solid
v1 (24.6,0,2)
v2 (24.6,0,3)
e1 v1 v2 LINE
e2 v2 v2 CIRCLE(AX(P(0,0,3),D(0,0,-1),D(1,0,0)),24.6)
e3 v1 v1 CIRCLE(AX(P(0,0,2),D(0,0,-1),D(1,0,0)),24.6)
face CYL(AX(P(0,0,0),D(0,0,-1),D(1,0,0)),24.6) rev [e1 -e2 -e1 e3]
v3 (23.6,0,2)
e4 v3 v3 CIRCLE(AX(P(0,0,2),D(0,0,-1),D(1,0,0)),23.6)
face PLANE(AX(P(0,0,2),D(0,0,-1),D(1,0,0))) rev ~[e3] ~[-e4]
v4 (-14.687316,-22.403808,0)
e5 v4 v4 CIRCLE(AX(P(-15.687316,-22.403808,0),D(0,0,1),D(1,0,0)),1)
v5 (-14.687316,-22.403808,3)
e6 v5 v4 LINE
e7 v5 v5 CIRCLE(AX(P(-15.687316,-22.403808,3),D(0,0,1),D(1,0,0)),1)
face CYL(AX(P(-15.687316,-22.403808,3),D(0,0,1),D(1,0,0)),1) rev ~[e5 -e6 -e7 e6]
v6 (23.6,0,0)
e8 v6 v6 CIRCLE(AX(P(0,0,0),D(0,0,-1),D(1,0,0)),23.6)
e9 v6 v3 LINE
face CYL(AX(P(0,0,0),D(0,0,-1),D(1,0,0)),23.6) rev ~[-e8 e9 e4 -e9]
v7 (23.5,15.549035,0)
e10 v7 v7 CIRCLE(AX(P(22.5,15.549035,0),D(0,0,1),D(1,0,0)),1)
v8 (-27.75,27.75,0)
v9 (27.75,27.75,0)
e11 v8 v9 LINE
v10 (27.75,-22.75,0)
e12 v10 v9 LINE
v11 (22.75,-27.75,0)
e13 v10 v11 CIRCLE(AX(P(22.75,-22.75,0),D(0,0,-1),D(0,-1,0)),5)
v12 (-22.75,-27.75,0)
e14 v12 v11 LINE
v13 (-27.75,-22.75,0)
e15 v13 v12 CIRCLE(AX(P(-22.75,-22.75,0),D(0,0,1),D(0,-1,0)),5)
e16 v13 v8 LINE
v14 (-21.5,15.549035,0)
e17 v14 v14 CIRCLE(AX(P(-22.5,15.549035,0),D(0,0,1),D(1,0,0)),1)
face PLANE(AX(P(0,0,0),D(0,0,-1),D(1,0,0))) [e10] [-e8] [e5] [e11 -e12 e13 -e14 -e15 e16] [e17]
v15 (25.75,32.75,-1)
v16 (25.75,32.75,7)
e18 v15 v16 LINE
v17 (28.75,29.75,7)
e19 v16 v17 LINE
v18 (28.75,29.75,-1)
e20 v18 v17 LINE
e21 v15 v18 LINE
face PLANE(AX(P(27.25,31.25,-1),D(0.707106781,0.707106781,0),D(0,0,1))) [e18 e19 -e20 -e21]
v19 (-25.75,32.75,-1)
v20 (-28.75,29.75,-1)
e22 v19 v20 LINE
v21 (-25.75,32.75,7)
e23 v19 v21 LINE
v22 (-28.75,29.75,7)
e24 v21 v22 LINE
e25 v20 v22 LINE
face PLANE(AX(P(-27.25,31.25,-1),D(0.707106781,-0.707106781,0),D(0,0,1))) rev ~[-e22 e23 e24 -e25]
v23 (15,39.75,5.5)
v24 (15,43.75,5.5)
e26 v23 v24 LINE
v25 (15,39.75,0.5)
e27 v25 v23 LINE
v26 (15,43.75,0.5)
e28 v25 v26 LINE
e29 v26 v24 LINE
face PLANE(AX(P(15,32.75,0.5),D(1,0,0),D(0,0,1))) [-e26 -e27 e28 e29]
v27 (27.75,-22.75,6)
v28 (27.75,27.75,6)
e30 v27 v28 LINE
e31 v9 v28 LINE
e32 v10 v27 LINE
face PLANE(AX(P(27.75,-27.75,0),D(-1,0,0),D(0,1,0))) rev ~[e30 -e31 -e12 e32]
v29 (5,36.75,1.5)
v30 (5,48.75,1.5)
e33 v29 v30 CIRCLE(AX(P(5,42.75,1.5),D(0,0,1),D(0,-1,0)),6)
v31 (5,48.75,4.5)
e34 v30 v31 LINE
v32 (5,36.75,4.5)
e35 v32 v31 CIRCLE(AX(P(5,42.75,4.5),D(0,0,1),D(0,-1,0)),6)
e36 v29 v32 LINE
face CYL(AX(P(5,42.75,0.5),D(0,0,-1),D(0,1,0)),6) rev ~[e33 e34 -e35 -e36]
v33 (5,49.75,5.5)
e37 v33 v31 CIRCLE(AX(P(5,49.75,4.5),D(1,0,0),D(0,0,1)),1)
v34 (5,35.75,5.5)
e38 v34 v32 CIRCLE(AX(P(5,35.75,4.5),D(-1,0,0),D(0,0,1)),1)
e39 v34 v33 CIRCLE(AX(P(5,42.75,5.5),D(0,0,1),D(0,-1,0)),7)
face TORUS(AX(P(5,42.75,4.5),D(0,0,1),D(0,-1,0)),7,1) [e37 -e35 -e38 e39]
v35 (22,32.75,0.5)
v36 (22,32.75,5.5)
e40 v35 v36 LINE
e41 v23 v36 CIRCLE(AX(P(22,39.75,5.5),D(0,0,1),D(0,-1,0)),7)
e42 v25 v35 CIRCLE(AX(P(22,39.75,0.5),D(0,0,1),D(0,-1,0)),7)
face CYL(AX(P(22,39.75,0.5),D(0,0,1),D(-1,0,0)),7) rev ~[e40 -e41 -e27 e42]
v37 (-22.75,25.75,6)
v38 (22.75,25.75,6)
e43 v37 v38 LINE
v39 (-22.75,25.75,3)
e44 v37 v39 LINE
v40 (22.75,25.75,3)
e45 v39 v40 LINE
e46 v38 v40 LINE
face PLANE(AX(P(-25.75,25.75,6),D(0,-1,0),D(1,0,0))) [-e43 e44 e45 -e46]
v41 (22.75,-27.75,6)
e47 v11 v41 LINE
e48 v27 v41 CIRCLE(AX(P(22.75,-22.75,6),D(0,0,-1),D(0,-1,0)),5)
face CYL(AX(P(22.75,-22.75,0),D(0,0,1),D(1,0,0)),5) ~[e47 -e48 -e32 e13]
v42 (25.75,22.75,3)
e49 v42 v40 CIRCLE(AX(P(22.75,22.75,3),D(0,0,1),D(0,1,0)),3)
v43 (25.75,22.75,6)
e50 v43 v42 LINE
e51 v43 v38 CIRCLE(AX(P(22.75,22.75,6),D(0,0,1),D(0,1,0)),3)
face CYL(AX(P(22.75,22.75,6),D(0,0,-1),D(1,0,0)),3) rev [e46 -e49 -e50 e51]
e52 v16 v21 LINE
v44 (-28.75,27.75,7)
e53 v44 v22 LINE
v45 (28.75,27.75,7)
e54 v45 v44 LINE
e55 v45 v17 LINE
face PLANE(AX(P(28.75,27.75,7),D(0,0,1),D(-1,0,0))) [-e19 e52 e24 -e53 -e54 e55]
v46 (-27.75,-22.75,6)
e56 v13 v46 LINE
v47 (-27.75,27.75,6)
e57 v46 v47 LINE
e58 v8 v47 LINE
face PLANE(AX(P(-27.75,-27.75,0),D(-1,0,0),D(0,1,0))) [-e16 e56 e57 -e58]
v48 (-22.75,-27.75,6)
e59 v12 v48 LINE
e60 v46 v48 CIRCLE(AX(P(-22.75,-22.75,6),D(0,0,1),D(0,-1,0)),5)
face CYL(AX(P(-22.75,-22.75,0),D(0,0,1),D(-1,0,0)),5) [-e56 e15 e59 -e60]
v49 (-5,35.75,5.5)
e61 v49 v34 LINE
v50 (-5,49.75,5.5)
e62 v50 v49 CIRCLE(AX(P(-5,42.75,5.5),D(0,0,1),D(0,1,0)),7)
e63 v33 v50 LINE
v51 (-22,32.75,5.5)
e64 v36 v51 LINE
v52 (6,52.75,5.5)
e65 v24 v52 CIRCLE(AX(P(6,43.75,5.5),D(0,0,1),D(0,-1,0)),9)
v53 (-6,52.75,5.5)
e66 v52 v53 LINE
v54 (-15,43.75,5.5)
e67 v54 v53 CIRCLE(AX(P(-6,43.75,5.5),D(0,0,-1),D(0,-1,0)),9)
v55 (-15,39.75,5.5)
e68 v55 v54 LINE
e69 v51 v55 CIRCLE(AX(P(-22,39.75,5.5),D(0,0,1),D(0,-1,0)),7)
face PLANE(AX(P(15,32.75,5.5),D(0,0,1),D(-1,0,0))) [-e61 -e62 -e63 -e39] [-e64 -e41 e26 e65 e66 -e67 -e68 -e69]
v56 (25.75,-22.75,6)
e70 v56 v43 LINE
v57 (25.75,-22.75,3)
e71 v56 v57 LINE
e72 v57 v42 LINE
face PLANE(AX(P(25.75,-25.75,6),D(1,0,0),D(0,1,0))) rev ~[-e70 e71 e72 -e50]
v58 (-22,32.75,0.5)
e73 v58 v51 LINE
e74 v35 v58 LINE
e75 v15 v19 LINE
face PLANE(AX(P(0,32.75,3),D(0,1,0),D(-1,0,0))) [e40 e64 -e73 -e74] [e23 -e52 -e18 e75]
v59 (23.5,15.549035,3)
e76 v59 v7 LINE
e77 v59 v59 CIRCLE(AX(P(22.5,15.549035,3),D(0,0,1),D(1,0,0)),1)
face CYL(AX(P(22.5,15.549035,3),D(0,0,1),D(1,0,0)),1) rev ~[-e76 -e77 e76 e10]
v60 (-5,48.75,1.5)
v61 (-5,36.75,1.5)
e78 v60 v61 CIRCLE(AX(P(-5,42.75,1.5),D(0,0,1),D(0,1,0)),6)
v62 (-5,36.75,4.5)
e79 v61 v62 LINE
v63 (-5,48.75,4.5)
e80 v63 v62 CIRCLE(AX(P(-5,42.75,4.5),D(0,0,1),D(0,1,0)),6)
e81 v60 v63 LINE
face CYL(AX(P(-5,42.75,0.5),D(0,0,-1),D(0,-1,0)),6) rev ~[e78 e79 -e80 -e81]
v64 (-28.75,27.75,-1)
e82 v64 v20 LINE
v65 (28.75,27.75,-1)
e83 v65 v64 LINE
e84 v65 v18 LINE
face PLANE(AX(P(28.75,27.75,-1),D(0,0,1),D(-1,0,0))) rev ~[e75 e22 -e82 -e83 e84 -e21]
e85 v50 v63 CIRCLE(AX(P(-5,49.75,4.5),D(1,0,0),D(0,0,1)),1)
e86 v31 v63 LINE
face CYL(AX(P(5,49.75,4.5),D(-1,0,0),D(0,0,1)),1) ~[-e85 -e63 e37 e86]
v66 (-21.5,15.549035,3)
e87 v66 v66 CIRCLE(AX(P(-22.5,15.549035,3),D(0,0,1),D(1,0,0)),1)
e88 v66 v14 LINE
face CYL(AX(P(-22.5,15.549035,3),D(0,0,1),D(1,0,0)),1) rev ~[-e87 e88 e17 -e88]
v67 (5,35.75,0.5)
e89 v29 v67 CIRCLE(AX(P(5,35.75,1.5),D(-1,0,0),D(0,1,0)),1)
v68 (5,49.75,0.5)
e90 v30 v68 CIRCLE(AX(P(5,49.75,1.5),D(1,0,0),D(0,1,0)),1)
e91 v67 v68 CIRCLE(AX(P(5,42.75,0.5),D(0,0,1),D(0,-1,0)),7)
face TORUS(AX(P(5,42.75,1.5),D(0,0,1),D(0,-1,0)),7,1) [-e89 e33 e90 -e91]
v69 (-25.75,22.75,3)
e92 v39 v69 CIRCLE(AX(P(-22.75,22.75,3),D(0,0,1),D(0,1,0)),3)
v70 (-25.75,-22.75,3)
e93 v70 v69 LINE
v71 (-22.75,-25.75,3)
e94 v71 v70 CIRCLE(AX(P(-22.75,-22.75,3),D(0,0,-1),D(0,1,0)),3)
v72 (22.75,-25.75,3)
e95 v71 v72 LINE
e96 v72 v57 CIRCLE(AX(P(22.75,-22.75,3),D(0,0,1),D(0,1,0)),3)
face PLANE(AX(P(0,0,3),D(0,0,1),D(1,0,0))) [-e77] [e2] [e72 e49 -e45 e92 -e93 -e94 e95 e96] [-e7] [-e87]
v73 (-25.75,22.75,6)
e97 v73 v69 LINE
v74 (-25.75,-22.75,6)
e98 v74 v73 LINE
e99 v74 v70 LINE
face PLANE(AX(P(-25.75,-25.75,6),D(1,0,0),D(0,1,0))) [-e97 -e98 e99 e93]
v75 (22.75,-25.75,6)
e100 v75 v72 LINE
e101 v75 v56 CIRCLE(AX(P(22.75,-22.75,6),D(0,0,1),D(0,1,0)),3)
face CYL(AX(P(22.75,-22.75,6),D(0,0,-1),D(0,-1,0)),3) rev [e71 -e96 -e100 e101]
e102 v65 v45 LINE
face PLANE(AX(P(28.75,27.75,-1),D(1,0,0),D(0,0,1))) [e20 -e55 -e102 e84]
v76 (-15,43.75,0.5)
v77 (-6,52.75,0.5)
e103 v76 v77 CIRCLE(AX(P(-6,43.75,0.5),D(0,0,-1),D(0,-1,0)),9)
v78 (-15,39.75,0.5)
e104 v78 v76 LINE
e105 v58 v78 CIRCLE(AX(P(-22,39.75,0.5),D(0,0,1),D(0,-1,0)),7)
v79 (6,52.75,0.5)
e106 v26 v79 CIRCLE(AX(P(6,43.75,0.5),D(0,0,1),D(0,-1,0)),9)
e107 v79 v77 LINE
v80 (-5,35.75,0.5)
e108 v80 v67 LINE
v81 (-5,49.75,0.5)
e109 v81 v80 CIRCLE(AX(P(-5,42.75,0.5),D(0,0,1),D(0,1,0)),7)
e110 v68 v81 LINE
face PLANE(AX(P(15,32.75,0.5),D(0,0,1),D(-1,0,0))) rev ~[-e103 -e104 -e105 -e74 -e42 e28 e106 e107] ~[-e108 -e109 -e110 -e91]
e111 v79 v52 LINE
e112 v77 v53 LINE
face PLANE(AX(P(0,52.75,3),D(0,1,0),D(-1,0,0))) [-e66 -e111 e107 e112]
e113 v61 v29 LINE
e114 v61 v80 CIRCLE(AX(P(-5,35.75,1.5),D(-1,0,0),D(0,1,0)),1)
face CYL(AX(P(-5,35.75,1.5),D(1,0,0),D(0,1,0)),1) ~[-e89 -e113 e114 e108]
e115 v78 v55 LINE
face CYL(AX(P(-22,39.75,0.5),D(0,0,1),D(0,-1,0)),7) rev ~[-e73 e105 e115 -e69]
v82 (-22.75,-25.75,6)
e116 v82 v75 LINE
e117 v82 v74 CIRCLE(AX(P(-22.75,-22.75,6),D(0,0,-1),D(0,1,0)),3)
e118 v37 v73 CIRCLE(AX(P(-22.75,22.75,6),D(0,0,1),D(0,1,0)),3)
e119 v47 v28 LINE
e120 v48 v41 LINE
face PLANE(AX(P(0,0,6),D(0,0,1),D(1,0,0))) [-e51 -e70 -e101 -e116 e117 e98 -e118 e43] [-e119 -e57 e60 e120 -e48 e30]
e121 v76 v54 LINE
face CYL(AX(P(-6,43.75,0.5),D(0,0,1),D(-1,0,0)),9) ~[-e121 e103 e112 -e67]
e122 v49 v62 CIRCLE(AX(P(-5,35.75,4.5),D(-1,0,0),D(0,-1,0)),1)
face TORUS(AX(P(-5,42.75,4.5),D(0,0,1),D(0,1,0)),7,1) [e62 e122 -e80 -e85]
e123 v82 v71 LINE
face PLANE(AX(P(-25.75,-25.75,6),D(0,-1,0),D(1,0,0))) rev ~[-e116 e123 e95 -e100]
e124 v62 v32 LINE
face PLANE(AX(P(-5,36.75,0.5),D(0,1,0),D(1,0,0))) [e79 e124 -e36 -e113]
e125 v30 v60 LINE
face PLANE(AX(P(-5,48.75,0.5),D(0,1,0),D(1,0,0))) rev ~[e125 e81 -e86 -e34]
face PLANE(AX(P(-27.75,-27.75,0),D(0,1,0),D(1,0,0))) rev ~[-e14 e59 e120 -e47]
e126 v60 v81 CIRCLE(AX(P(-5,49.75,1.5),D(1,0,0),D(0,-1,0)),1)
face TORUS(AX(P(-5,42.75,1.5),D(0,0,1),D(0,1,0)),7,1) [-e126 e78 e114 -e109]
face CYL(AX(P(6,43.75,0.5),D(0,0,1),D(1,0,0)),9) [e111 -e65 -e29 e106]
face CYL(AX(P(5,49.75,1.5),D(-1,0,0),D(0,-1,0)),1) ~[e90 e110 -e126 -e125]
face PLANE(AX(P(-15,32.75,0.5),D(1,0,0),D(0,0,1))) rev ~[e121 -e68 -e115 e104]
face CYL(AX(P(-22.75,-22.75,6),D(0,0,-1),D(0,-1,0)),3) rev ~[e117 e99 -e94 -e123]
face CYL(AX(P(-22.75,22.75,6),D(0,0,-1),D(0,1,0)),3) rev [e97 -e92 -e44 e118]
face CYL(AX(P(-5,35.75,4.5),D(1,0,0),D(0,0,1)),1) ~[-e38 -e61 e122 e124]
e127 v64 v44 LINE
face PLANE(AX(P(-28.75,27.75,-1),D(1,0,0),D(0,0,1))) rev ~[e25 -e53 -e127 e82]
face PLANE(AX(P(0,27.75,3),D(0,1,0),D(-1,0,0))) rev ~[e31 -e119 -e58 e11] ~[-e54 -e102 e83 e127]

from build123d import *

# Parameters (mm, degrees)
SKETCH_W        = 55.5
SKETCH_H        = 55.5
SKETCH_R        = 24.6
PAD_DEPTH       = 6
SKETCH001_W     = 57.5
SKETCH001_H     = 8
PAD001_DEPTH    = 5
SKETCH002_W     = 30
SKETCH002_H     = 5
PAD002_DEPTH    = 20
FILLET_R        = 5
POCKET_DEPTH    = 6
FILLET001_R     = 9
FILLET002_R     = 7
CHAMFER_SIZE    = 3
SKETCH004_R     = 24.6
SKETCH004_R_2   = 23.6
PAD003_DEPTH    = 2
SKETCH005_W     = 51.5
SKETCH005_H     = 51.5
POCKET001_DEPTH = 3
SKETCH006_R     = 1
POCKET002_DEPTH = 6
FILLET003_R     = 1
FILLET004_R     = 1
FILLET005_R     = 3


with BuildPart() as part:
    # Sketch → Pad (new body)
    with BuildSketch(Plane.XY):
        Rectangle(SKETCH_W, SKETCH_H)
        Circle(SKETCH_R, mode=Mode.SUBTRACT)
    extrude(amount=PAD_DEPTH)

    # Sketch001 → Pad001 (new body)
    with BuildSketch(Plane(origin=(0, 27.75, 0), x_dir=(-1, 0, 0), z_dir=(0, 1, 0))):
        with Locations((0, 3)):
            Rectangle(SKETCH001_W, SKETCH001_H)
    extrude(amount=PAD001_DEPTH)

    # Sketch002 → Pad002 (new body)
    with BuildSketch(Plane(origin=(0, 32.75, 0), x_dir=(-1, 0, 0), z_dir=(0, 1, 0))):
        with Locations((0, 3)):
            Rectangle(SKETCH002_W, SKETCH002_H)
    extrude(amount=PAD002_DEPTH)

    # Fillet
    fillet_edges = [part.edges().sort_by_distance(p)[0] for p in [
        (-27.75, -27.75, 3),
        (27.75, -27.75, 3),
    ]]
    fillet(fillet_edges, radius=FILLET_R)

    # Sketch003 → Pocket (cut)
    with BuildSketch(Plane(origin=(0, 0, 0.5), x_dir=(1, 0, 0), z_dir=(0, 0, -1))):
        with BuildLine():
            ThreePointArc((-5, -36.75), (-11, -42.75), (-5, -48.75))
            Line((-5, -48.75), (5, -48.75))
            ThreePointArc((5, -48.75), (11, -42.75), (5, -36.75))
            Line((-5, -36.75), (5, -36.75))
        make_face()
    extrude(amount=-POCKET_DEPTH, mode=Mode.SUBTRACT)

    # Fillet001
    fillet001_edges = [part.edges().sort_by_distance(p)[0] for p in [
        (15, 52.75, 3),
        (-15, 52.75, 3),
    ]]
    fillet(fillet001_edges, radius=FILLET001_R)

    # Fillet002
    fillet002_edges = [part.edges().sort_by_distance(p)[0] for p in [
        (15, 32.75, 3),
        (-15, 32.75, 3),
    ]]
    fillet(fillet002_edges, radius=FILLET002_R)

    # Chamfer
    chamfer_edges = [part.edges().sort_by_distance(p)[0] for p in [
        (-28.75, 32.75, 3),
        (28.75, 32.75, 3),
    ]]
    chamfer(chamfer_edges, length=CHAMFER_SIZE)

    # Sketch004 → Pad003 (new body)
    with BuildSketch(Plane(origin=(0, 0, 0), x_dir=(1, 0, 0), z_dir=(0, 0, -1))):
        Circle(SKETCH004_R)
        Circle(SKETCH004_R_2, mode=Mode.SUBTRACT)
    extrude(amount=-PAD003_DEPTH)

    # Sketch005 → Pocket001 (cut)
    with BuildSketch(Plane.XY.offset(6)):
        Rectangle(SKETCH005_W, SKETCH005_H)
    extrude(amount=-POCKET001_DEPTH, mode=Mode.SUBTRACT)

    # Sketch006 → Pocket002 (cut)
    with BuildSketch(Plane.XY.offset(3)):
        with Locations((-22.5, 15.549035)):
            Circle(SKETCH006_R)
        with Locations((22.5, 15.549035)):
            Circle(SKETCH006_R)
        with Locations((-15.687316, -22.403808)):
            Circle(SKETCH006_R)
    extrude(amount=-POCKET002_DEPTH, mode=Mode.SUBTRACT)

    # Fillet003
    fillet003_edges = [part.edges().sort_by_distance(p)[0] for p in [
        (0, 48.75, 5.5),
    ]]
    fillet(fillet003_edges, radius=FILLET003_R)

    # Fillet004
    fillet004_edges = [part.edges().sort_by_distance(p)[0] for p in [
        (0, 36.75, 0.5),
    ]]
    fillet(fillet004_edges, radius=FILLET004_R)

    # Fillet005
    fillet005_edges = [part.edges().sort_by_distance(p)[0] for p in [
        (-25.75, -25.75, 4.5),
        (25.75, -25.75, 4.5),
        (25.75, 25.75, 4.5),
        (-25.75, 25.75, 4.5),
    ]]
    fillet(fillet005_edges, radius=FILLET005_R)


solid = part.part
